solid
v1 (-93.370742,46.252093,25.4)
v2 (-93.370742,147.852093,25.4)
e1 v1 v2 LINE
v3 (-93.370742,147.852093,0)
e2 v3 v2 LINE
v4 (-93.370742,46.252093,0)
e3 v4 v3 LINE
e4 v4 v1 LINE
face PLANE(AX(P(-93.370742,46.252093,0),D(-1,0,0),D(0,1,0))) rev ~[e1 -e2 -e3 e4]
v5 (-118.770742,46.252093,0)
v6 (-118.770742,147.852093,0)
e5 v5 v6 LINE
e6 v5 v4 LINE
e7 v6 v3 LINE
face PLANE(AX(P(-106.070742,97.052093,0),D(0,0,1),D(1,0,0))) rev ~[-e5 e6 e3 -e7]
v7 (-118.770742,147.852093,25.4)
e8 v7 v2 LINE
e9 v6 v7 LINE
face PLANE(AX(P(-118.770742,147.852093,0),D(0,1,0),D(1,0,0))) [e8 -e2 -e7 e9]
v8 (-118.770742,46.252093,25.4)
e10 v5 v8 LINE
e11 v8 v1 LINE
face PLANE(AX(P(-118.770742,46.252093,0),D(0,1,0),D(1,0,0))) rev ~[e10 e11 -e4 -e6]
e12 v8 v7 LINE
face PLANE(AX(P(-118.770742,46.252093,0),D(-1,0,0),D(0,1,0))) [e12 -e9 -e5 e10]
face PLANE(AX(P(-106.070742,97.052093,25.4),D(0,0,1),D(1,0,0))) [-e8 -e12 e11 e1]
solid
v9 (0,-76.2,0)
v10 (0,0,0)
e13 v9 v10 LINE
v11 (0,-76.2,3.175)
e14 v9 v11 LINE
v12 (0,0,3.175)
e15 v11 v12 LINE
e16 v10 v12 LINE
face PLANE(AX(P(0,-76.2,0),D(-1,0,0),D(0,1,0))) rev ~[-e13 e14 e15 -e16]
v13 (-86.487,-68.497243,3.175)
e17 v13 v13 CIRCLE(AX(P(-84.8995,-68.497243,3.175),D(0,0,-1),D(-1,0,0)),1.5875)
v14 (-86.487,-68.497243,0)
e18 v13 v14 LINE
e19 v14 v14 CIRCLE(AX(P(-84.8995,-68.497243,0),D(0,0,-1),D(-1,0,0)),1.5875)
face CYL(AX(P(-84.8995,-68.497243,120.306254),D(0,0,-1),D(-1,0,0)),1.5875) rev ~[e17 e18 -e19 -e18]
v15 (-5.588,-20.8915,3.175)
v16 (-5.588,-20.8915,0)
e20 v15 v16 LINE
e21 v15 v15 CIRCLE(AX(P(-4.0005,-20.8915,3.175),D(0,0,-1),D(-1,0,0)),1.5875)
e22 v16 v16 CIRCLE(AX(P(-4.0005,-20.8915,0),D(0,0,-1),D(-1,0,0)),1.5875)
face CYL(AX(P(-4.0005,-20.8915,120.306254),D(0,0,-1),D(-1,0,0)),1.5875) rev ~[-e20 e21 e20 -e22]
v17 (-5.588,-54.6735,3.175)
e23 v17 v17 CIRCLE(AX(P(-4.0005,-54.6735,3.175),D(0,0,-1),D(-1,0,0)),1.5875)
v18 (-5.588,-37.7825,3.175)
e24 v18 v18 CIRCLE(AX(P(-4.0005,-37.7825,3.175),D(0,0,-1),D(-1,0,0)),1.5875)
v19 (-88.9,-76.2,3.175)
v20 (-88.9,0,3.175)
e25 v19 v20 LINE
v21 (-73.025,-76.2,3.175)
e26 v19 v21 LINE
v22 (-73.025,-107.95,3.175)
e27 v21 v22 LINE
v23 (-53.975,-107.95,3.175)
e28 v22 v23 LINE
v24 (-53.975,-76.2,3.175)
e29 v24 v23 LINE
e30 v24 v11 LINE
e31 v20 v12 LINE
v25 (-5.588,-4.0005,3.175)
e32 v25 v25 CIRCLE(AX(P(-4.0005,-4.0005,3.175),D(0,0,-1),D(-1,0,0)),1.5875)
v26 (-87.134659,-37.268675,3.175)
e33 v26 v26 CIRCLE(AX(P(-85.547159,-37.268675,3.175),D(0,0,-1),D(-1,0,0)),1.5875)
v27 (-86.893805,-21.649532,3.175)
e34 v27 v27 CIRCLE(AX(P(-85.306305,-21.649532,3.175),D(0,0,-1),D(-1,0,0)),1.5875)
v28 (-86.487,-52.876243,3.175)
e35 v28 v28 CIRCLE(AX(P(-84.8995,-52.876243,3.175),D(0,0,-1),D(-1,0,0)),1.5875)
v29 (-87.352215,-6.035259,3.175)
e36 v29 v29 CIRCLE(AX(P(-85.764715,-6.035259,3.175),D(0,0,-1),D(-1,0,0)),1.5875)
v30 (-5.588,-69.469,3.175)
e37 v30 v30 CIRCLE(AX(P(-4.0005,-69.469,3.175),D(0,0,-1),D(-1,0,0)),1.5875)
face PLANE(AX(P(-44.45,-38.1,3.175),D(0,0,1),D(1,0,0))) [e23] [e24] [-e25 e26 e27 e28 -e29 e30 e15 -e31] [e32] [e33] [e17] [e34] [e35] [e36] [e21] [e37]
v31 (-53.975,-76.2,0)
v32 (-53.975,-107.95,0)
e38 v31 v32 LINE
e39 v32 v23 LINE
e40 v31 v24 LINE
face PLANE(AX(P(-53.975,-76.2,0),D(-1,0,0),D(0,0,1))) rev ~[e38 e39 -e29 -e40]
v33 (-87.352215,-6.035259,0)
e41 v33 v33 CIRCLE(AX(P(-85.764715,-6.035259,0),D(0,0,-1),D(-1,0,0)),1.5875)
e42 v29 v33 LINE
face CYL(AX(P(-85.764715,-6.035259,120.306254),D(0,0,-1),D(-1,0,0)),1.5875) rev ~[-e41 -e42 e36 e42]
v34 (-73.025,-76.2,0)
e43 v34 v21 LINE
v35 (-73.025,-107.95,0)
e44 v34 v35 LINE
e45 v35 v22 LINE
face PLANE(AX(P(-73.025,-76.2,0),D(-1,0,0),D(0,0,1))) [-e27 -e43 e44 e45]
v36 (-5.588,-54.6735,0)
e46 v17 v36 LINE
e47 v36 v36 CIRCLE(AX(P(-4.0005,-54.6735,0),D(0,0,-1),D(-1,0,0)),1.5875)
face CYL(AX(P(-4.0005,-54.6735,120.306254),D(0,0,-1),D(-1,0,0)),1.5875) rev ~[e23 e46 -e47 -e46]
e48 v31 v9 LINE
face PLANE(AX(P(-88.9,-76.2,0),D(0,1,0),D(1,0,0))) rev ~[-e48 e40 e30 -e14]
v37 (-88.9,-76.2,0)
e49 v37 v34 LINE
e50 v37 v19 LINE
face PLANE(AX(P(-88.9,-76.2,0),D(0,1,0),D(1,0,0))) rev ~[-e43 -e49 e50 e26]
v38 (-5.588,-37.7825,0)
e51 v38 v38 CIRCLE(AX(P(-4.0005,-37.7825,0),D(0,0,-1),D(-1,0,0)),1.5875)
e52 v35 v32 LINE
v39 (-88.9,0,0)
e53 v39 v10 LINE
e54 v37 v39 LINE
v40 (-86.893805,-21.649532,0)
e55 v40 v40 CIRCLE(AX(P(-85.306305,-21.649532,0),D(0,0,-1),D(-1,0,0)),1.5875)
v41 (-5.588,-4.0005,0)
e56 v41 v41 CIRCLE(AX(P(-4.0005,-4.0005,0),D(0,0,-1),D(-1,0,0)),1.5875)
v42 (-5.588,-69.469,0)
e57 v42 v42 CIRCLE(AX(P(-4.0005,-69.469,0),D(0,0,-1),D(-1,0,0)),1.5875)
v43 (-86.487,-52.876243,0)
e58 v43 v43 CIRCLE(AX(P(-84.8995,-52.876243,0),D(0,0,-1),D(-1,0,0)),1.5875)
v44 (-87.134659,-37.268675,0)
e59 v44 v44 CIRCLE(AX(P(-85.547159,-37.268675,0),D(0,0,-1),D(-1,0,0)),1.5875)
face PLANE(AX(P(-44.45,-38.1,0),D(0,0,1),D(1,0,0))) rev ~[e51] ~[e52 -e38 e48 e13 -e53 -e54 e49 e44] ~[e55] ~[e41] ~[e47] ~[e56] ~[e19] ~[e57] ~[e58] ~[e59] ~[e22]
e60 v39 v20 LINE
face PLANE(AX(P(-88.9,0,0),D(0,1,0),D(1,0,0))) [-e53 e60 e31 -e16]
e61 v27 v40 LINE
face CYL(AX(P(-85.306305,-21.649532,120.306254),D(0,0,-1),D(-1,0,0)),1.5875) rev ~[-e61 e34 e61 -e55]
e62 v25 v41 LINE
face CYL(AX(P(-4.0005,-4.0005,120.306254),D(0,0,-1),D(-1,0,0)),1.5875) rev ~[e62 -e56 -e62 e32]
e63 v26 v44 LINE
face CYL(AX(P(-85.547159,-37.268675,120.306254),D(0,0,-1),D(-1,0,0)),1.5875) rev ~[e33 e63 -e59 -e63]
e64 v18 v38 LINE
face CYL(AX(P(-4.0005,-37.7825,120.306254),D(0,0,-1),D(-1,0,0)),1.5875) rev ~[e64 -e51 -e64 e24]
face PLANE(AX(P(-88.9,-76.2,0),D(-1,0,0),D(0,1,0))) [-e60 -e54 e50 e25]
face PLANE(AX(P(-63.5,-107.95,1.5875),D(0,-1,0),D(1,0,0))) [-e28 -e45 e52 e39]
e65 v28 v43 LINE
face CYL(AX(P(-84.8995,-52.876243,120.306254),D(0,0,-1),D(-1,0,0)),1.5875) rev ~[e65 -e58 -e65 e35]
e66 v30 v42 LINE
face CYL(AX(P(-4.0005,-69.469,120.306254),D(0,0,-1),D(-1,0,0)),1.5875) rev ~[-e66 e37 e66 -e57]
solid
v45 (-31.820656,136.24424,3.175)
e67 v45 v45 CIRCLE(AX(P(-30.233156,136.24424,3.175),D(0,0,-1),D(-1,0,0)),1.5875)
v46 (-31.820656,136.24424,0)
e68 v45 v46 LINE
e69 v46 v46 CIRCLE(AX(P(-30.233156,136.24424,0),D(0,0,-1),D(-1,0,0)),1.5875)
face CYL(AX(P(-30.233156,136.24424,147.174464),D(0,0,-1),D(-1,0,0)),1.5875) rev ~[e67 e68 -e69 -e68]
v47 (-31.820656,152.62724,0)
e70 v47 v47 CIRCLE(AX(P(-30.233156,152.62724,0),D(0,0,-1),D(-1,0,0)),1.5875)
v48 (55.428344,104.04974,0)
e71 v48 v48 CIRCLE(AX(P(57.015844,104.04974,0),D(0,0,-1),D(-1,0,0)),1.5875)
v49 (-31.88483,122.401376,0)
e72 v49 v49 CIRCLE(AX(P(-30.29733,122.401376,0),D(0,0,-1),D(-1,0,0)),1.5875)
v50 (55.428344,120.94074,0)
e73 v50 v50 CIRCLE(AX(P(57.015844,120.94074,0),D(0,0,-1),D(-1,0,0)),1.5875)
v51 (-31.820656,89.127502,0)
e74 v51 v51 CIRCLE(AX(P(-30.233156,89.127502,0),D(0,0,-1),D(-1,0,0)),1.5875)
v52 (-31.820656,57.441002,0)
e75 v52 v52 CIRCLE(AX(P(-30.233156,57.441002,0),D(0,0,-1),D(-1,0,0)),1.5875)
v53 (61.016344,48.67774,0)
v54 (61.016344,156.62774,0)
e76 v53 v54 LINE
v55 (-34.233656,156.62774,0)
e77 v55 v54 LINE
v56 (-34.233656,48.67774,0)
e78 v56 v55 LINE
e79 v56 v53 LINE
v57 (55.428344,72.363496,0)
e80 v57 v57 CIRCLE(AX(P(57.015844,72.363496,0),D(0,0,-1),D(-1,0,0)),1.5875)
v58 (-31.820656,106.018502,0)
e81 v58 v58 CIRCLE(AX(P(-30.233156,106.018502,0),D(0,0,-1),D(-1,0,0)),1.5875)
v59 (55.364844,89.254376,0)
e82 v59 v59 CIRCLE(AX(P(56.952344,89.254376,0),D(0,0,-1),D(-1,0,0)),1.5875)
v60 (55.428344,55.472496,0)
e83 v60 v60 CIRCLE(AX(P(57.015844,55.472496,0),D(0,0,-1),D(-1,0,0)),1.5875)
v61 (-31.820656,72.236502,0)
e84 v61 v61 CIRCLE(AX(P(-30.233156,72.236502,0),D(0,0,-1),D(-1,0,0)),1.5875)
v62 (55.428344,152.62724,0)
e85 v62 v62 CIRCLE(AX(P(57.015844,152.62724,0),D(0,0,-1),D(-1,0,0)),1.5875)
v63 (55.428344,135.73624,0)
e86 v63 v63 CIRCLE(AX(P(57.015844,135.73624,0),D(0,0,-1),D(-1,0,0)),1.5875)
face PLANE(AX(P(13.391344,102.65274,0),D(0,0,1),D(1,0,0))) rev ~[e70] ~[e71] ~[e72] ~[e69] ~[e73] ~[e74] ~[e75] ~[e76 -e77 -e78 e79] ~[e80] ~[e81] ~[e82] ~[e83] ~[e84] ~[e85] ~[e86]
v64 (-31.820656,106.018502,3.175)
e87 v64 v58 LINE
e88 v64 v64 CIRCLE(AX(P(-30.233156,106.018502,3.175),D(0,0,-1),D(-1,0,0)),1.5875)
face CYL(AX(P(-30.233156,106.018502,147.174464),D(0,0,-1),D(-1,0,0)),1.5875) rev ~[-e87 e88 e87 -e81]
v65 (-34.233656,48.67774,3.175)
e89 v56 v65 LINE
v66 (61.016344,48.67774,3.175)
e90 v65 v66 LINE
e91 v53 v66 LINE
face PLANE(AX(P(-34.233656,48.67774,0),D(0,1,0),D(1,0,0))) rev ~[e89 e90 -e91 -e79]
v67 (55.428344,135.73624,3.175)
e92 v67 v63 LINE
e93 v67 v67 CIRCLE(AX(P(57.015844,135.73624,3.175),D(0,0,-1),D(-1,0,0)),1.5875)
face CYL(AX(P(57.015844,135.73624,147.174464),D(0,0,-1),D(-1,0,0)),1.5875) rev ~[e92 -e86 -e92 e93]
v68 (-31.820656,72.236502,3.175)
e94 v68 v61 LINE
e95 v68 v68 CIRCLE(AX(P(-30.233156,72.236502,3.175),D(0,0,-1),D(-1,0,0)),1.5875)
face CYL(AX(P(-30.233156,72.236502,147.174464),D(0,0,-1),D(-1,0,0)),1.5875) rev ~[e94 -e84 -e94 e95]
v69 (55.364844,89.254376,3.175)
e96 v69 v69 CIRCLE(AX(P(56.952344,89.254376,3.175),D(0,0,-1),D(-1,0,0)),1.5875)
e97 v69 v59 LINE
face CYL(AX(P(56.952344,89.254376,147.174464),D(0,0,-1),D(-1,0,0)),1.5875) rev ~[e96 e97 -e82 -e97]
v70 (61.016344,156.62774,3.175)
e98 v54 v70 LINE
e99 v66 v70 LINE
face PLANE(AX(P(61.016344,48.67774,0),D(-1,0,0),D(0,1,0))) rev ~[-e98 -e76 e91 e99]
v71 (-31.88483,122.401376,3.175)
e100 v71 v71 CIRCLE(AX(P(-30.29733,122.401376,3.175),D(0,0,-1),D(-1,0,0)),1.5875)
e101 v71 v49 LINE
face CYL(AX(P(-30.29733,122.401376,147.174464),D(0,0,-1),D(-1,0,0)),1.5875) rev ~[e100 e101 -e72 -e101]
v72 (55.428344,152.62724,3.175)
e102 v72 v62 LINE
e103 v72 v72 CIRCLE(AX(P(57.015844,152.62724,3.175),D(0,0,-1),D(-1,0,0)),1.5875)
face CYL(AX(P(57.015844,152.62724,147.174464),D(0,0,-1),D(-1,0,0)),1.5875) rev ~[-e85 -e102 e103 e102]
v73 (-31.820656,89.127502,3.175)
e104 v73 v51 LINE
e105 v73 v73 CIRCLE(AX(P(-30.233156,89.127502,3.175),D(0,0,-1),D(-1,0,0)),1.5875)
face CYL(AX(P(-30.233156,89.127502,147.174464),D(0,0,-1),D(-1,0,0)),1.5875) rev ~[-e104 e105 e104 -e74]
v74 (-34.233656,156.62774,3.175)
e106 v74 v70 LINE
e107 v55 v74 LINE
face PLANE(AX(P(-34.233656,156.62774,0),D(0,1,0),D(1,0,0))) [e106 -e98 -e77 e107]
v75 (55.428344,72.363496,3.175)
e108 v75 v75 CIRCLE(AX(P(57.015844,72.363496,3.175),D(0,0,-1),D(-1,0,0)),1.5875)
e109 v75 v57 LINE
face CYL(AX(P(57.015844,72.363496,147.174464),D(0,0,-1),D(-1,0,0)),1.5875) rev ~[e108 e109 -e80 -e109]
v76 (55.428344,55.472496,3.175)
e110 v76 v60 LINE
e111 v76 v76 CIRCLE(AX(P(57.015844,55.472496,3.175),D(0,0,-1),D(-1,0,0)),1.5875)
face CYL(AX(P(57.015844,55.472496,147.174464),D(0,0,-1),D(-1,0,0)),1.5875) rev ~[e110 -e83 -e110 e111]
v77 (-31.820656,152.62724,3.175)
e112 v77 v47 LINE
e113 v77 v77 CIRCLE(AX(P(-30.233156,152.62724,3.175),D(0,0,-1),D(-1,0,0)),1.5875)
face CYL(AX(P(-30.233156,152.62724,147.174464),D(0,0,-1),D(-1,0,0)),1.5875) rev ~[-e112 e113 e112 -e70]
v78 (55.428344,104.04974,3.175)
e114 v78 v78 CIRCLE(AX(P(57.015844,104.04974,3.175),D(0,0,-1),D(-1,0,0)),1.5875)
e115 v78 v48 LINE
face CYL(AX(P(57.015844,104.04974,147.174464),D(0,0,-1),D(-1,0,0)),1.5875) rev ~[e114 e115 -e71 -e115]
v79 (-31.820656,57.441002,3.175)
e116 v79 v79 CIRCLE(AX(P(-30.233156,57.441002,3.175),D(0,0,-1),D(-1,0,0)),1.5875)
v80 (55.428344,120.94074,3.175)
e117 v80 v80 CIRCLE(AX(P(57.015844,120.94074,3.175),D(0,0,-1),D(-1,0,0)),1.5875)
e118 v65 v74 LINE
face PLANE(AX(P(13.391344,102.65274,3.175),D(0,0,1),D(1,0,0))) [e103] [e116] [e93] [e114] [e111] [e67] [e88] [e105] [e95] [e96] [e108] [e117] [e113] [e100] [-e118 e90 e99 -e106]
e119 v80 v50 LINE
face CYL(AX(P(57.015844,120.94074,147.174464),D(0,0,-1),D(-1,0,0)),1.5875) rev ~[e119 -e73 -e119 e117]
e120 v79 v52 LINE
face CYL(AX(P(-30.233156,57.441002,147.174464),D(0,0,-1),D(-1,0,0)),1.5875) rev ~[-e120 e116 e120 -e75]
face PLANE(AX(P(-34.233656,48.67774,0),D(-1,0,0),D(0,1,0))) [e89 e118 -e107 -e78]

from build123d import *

# Parameters (mm, degrees)
F0_W      = 88.9
F0_H      = 76.2
F1_DEPTH  = 3.175
F2_W      = 95.25
F2_H      = 107.95
F3_DEPTH  = 3.175
F4_W      = 25.4
F4_H      = 101.6
F5_DEPTH  = 25.4
F7_D      = 3.175
F9_D      = 3.175
F11_D     = 3.175
F13_D     = 3.175
F15_D     = 3.175
F17_D     = 3.175
F19_D     = 3.175
F20_W     = 19.05
F20_H     = 3.175
F21_DEPTH = 31.75


with BuildPart() as f1:
    # F0 (on Top) → F1 (new body)
    with BuildSketch(Plane.XY):
        with Locations((-44.45, -38.1)):
            Rectangle(F0_W, F0_H)
    extrude(amount=F1_DEPTH)

    # F17 (through all)
    with Locations(Plane.XY.offset(3.175)):
        with Locations((-85.764715, -6.035259), (-85.306305, -21.649532), (-85.547159, -37.268675), (-84.8995, -52.876243), (-84.8995, -68.497243)):
            Hole(F17_D / 2)

    # F19 (through all)
    with Locations(Plane.XY.offset(3.175)):
        with Locations((-4.0005, -4.0005), (-4.0005, -20.8915), (-4.0005, -37.7825), (-4.0005, -54.6735), (-4.0005, -69.469)):
            Hole(F19_D / 2)

    # F20 (on face) → F21 (join)
    with BuildSketch(Plane.XZ.offset(76.2)):
        with Locations((-63.5, 1.5875)):
            Rectangle(F20_W, F20_H)
    extrude(amount=F21_DEPTH)


with BuildPart() as f3:
    # F2 (on Top) → F3 (new body)
    with BuildSketch(Plane.XY):
        with Locations((13.391344, 102.65274)):
            Rectangle(F2_W, F2_H)
    extrude(amount=F3_DEPTH)

    # F7 (through all)
    with Locations(Plane.XY.offset(3.175)):
        with Locations((-30.233156, 152.62724)):
            Hole(F7_D / 2)

    # F9 (through all)
    with Locations(Plane.XY.offset(3.175)):
        with Locations((-30.233156, 136.24424)):
            Hole(F9_D / 2)

    # F11 (through all)
    with Locations(Plane.XY.offset(3.175)):
        with Locations((-30.29733, 122.401376)):
            Hole(F11_D / 2)

    # F13 (through all)
    with Locations(Plane.XY.offset(3.175)):
        with Locations((-30.233156, 106.018502), (-30.233156, 89.127502), (-30.233156, 72.236502), (-30.233156, 57.441002)):
            Hole(F13_D / 2)

    # F15 (through all)
    with Locations(Plane.XY.offset(3.175)):
        with Locations((57.015844, 152.62724), (57.015844, 135.73624), (57.015844, 120.94074), (57.015844, 104.04974), (56.952344, 89.254376), (57.015844, 72.363496), (57.015844, 55.472496)):
            Hole(F15_D / 2)


with BuildPart() as f5:
    # F4 (on Top) → F5 (new body)
    with BuildSketch(Plane.XY):
        with Locations((-106.070742, 97.052093)):
            Rectangle(F4_W, F4_H)
    extrude(amount=F5_DEPTH)


solid = Compound([f1.part, f3.part, f5.part])
